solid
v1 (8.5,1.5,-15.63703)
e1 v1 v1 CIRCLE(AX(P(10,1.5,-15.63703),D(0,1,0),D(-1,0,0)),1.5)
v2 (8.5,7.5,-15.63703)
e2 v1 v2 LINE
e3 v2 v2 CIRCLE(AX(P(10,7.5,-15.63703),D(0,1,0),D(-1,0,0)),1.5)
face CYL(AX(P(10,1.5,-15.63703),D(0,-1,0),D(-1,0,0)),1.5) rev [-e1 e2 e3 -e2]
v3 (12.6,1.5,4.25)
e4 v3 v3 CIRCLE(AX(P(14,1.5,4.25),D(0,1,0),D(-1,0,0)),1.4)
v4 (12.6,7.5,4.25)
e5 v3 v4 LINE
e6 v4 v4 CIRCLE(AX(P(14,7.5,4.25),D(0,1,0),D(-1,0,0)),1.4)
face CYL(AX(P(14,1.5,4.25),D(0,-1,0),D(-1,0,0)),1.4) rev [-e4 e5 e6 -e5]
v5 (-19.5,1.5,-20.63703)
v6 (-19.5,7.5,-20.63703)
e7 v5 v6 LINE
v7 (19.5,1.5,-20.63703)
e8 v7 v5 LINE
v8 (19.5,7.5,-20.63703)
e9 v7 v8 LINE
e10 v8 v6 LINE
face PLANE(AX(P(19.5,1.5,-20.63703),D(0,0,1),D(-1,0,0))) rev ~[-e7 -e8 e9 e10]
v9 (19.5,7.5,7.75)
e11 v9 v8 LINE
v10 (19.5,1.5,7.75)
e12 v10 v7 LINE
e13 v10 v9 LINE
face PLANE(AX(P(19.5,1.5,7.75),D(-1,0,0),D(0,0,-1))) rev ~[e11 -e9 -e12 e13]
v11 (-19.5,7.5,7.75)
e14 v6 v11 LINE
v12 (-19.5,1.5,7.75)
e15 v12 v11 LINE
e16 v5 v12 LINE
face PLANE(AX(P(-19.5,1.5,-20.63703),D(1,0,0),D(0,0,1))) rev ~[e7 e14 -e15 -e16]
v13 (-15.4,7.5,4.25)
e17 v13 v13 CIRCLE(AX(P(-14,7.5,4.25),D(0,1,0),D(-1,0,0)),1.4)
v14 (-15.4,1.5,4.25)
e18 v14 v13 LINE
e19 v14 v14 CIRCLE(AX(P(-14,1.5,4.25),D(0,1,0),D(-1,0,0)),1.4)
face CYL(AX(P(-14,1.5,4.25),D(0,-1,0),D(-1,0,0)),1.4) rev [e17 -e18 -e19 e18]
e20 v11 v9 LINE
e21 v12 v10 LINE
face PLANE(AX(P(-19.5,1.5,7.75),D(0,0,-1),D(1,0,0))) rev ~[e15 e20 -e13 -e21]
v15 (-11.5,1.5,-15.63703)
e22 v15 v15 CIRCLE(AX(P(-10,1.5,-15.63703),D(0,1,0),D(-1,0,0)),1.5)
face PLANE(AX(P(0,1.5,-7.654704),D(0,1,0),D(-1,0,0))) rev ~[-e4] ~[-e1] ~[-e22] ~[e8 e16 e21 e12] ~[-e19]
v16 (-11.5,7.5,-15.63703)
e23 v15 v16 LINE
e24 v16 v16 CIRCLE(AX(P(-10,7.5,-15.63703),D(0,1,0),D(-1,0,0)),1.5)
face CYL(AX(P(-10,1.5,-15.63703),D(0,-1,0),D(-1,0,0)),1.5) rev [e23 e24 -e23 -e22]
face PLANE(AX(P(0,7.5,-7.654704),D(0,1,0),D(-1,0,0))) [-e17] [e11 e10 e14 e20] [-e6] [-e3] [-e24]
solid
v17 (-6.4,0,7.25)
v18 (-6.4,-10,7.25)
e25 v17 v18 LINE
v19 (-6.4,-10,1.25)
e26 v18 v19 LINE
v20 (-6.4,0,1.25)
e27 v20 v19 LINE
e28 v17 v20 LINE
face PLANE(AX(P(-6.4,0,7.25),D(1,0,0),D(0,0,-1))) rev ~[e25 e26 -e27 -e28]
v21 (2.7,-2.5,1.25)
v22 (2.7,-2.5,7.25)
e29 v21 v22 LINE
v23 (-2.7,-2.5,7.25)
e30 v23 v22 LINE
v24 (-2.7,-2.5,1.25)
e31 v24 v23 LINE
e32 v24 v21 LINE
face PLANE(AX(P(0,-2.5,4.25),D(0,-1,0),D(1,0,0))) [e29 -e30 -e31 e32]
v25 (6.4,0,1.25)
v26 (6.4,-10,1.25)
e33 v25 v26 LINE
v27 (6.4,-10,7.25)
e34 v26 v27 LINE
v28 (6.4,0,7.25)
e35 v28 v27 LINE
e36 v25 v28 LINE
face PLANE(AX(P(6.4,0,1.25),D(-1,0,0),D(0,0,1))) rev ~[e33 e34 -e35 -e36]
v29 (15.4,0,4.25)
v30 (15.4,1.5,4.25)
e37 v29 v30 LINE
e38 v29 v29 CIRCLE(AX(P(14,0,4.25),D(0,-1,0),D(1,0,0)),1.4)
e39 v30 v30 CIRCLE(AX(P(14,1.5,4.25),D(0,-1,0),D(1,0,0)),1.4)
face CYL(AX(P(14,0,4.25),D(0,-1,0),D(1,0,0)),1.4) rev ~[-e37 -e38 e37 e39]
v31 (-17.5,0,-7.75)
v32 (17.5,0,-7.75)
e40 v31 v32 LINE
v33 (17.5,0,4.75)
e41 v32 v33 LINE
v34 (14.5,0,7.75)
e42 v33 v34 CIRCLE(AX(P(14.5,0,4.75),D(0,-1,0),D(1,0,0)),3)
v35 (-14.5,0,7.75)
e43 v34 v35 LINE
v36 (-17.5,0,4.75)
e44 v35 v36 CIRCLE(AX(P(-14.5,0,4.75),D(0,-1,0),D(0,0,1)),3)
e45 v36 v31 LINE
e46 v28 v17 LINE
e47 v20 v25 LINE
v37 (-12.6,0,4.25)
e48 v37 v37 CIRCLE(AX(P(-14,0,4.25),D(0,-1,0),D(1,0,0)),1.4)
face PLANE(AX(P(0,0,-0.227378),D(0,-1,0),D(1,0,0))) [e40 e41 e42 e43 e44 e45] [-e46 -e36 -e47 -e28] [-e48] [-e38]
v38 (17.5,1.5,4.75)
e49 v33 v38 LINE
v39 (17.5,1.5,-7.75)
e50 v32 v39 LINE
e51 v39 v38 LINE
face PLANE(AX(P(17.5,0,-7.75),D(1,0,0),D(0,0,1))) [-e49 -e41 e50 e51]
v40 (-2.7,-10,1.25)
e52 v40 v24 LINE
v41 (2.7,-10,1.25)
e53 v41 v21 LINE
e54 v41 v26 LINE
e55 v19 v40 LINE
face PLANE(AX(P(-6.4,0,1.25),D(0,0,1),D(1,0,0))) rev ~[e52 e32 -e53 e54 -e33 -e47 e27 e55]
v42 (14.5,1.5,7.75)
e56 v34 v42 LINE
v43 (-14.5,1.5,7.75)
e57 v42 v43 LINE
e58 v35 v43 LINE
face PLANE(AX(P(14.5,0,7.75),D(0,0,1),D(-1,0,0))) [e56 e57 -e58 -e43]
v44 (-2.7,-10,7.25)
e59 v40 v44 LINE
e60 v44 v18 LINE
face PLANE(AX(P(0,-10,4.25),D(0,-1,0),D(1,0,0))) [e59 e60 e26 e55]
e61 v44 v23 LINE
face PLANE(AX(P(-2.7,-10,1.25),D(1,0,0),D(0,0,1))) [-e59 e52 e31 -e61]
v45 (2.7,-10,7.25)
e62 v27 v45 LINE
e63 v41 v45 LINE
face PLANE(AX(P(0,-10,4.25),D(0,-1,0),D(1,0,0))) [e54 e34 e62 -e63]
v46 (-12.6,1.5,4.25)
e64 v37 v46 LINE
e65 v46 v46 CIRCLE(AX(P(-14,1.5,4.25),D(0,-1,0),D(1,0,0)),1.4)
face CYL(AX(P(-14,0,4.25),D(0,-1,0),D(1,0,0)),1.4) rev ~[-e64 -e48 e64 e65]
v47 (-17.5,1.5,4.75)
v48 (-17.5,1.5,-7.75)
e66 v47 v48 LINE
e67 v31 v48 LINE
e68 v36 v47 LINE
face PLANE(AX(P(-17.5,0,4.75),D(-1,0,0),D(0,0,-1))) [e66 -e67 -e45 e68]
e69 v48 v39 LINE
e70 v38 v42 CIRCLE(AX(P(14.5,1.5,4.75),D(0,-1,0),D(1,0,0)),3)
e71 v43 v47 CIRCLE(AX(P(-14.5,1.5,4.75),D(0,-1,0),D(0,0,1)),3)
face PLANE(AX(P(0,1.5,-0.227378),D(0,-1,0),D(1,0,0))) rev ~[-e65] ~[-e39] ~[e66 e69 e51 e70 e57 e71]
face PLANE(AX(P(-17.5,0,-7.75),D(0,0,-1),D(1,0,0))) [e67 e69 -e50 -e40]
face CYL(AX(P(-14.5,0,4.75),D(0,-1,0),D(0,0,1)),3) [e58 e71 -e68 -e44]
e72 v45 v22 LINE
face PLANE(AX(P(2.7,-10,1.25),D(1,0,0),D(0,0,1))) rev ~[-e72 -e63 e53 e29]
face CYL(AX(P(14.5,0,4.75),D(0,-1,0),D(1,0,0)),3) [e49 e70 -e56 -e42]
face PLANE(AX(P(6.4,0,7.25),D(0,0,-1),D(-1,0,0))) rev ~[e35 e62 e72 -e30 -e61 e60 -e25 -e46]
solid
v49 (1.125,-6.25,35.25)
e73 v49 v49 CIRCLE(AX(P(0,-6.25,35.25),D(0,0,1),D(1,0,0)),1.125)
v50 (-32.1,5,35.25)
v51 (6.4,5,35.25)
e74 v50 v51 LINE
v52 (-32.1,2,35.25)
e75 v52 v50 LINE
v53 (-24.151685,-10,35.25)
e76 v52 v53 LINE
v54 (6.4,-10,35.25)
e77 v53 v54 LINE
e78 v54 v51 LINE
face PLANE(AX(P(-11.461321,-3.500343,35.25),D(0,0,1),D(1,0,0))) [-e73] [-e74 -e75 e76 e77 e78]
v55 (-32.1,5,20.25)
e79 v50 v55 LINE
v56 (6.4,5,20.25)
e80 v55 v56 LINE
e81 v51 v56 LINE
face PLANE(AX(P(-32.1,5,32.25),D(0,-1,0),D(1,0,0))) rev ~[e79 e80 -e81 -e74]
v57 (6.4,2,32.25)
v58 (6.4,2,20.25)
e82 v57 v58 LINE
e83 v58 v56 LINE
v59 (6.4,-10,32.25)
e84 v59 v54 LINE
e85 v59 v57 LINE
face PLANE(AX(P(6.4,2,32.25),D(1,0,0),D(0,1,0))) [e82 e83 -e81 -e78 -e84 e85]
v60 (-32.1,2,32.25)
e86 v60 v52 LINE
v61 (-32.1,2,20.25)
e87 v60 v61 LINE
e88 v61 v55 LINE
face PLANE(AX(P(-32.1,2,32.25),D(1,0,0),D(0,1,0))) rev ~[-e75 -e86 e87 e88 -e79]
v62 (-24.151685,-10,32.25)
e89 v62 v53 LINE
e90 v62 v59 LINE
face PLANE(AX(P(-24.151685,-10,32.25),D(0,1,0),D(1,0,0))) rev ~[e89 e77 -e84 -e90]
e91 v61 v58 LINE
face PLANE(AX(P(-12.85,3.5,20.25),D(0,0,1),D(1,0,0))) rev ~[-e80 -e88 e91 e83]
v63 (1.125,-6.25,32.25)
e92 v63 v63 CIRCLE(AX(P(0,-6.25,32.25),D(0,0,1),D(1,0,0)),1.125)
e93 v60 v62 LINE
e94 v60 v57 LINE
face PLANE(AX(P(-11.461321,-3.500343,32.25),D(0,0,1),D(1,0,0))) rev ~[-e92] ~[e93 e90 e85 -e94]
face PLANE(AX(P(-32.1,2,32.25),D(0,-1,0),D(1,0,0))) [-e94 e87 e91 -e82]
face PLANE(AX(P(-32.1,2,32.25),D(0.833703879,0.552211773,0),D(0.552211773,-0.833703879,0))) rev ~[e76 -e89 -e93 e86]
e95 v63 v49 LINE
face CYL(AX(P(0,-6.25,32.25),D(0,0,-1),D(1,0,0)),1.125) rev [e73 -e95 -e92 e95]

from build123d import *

# Parameters (mm, degrees)
F0_R      = 1.4
F1_DEPTH  = 1.5
F2_DEPTH  = 10
F3_W      = 5.4
F3_H      = 6
F4_DEPTH  = 7.5
F6_R      = 1.125
F6_W      = 38.5
F6_H      = 3
F7_DEPTH  = 3
F8_DEPTH  = 12
F9_R      = 1.5
F9_R_2    = 1.4
F10_DEPTH = 6


with BuildPart() as f1:
    # F0 (on Front) → F1 (new body)
    with BuildSketch(Plane.XZ):
        with BuildLine():
            ThreePointArc((17.5, 4.75), (16.6213203436, 6.8713203436), (14.5, 7.75))
            Line((14.5, 7.75), (-14.5, 7.75))
            ThreePointArc((-14.5, 7.75), (-16.6213203436, 6.8713203436), (-17.5, 4.75))
            Line((-17.5, 4.75), (-17.5, -7.75))
            Line((-17.5, -7.75), (17.5, -7.75))
            Line((17.5, -7.75), (17.5, 4.75))
        make_face()
        with Locations((-14, 4.25)):
            Circle(F0_R, mode=Mode.SUBTRACT)
        Polygon((6.4, 1.25), (-6.4, 1.25), (-6.4, 4.25), (-6.4, 7.25), (6.4, 7.25), (6.4, 4.25), align=None, mode=Mode.SUBTRACT)
        with Locations((14, 4.25)):
            Circle(F0_R, mode=Mode.SUBTRACT)
        Polygon((-6.4, 4.25), (-6.4, 1.25), (6.4, 1.25), (6.4, 4.25), (6.4, 7.25), (-6.4, 7.25), align=None)
    extrude(amount=-F1_DEPTH)

    # F0 (on Front) → F2 (join)
    with BuildSketch(Plane.XZ):
        Polygon((-6.4, 4.25), (-6.4, 1.25), (6.4, 1.25), (6.4, 4.25), (6.4, 7.25), (-6.4, 7.25), align=None)
    extrude(amount=F2_DEPTH)

    # F3 (on face) → F4 (cut)
    with BuildSketch(Plane.XZ.offset(10)):
        with Locations((0, 4.25)):
            Rectangle(F3_W, F3_H)
    extrude(amount=-F4_DEPTH, mode=Mode.SUBTRACT)


with BuildPart() as f7:
    # F6 (on offset) → F7 (new body)
    with BuildSketch(Plane.XY.offset(32.25)):
        Polygon((-24.1516847163, -10), (6.4, -10), (6.4, 2), (-32.1, 2), align=None)
        with Locations((0, -6.25)):
            Circle(F6_R, mode=Mode.SUBTRACT)
        with Locations((-12.85, 3.5)):
            Rectangle(F6_W, F6_H)
    extrude(amount=F7_DEPTH)

    # F6 (on offset) → F8 (join)
    with BuildSketch(Plane.XY.offset(32.25)):
        with Locations((-12.85, 3.5)):
            Rectangle(F6_W, F6_H)
    extrude(amount=-F8_DEPTH)


with BuildPart() as f10:
    # F9 (on face) → F10 (new body)
    with BuildSketch(Plane(origin=(0, 1.5, 0), x_dir=(-1, 0, 0), z_dir=(0, 1, 0))):
        with BuildLine():
            Line((17.5, -7.75), (-17.5, -7.75))
            Line((-17.5, -7.75), (-17.5, 4.75))
            ThreePointArc((-17.5, 4.75), (-16.6213203436, 6.8713203436), (-14.5, 7.75))
            Line((-14.5, 7.75), (-19.5, 7.75))
            Line((-19.5, 7.75), (-19.5, -7.75))
            Line((-19.5, -7.75), (-19.5, -20.6370297819))
            Line((-19.5, -20.6370297819), (19.5, -20.6370297819))
            Line((19.5, -20.6370297819), (19.5, -7.75))
            Line((19.5, -7.75), (19.5, 7.75))
            Line((19.5, 7.75), (14.5, 7.75))
            ThreePointArc((14.5, 7.75), (16.6213203436, 6.8713203436), (17.5, 4.75))
            Line((17.5, 4.75), (17.5, -7.75))
        make_face()
        with Locations((-10, -15.6370297819)):
            Circle(F9_R, mode=Mode.SUBTRACT)
        with Locations((10, -15.6370297819)):
            Circle(F9_R, mode=Mode.SUBTRACT)
        with BuildLine():
            Line((-17.5, 4.75), (-17.5, -7.75))
            Line((-17.5, -7.75), (17.5, -7.75))
            Line((17.5, -7.75), (17.5, 4.75))
            ThreePointArc((17.5, 4.75), (16.6213203436, 6.8713203436), (14.5, 7.75))
            Line((14.5, 7.75), (-14.5, 7.75))
            ThreePointArc((-14.5, 7.75), (-16.6213203436, 6.8713203436), (-17.5, 4.75))
        make_face()
        with Locations((-14, 4.25)):
            Circle(F9_R_2, mode=Mode.SUBTRACT)
        with Locations((14, 4.25)):
            Circle(F9_R_2, mode=Mode.SUBTRACT)
    extrude(amount=F10_DEPTH)


solid = Compound([f1.part, f7.part, f10.part])
